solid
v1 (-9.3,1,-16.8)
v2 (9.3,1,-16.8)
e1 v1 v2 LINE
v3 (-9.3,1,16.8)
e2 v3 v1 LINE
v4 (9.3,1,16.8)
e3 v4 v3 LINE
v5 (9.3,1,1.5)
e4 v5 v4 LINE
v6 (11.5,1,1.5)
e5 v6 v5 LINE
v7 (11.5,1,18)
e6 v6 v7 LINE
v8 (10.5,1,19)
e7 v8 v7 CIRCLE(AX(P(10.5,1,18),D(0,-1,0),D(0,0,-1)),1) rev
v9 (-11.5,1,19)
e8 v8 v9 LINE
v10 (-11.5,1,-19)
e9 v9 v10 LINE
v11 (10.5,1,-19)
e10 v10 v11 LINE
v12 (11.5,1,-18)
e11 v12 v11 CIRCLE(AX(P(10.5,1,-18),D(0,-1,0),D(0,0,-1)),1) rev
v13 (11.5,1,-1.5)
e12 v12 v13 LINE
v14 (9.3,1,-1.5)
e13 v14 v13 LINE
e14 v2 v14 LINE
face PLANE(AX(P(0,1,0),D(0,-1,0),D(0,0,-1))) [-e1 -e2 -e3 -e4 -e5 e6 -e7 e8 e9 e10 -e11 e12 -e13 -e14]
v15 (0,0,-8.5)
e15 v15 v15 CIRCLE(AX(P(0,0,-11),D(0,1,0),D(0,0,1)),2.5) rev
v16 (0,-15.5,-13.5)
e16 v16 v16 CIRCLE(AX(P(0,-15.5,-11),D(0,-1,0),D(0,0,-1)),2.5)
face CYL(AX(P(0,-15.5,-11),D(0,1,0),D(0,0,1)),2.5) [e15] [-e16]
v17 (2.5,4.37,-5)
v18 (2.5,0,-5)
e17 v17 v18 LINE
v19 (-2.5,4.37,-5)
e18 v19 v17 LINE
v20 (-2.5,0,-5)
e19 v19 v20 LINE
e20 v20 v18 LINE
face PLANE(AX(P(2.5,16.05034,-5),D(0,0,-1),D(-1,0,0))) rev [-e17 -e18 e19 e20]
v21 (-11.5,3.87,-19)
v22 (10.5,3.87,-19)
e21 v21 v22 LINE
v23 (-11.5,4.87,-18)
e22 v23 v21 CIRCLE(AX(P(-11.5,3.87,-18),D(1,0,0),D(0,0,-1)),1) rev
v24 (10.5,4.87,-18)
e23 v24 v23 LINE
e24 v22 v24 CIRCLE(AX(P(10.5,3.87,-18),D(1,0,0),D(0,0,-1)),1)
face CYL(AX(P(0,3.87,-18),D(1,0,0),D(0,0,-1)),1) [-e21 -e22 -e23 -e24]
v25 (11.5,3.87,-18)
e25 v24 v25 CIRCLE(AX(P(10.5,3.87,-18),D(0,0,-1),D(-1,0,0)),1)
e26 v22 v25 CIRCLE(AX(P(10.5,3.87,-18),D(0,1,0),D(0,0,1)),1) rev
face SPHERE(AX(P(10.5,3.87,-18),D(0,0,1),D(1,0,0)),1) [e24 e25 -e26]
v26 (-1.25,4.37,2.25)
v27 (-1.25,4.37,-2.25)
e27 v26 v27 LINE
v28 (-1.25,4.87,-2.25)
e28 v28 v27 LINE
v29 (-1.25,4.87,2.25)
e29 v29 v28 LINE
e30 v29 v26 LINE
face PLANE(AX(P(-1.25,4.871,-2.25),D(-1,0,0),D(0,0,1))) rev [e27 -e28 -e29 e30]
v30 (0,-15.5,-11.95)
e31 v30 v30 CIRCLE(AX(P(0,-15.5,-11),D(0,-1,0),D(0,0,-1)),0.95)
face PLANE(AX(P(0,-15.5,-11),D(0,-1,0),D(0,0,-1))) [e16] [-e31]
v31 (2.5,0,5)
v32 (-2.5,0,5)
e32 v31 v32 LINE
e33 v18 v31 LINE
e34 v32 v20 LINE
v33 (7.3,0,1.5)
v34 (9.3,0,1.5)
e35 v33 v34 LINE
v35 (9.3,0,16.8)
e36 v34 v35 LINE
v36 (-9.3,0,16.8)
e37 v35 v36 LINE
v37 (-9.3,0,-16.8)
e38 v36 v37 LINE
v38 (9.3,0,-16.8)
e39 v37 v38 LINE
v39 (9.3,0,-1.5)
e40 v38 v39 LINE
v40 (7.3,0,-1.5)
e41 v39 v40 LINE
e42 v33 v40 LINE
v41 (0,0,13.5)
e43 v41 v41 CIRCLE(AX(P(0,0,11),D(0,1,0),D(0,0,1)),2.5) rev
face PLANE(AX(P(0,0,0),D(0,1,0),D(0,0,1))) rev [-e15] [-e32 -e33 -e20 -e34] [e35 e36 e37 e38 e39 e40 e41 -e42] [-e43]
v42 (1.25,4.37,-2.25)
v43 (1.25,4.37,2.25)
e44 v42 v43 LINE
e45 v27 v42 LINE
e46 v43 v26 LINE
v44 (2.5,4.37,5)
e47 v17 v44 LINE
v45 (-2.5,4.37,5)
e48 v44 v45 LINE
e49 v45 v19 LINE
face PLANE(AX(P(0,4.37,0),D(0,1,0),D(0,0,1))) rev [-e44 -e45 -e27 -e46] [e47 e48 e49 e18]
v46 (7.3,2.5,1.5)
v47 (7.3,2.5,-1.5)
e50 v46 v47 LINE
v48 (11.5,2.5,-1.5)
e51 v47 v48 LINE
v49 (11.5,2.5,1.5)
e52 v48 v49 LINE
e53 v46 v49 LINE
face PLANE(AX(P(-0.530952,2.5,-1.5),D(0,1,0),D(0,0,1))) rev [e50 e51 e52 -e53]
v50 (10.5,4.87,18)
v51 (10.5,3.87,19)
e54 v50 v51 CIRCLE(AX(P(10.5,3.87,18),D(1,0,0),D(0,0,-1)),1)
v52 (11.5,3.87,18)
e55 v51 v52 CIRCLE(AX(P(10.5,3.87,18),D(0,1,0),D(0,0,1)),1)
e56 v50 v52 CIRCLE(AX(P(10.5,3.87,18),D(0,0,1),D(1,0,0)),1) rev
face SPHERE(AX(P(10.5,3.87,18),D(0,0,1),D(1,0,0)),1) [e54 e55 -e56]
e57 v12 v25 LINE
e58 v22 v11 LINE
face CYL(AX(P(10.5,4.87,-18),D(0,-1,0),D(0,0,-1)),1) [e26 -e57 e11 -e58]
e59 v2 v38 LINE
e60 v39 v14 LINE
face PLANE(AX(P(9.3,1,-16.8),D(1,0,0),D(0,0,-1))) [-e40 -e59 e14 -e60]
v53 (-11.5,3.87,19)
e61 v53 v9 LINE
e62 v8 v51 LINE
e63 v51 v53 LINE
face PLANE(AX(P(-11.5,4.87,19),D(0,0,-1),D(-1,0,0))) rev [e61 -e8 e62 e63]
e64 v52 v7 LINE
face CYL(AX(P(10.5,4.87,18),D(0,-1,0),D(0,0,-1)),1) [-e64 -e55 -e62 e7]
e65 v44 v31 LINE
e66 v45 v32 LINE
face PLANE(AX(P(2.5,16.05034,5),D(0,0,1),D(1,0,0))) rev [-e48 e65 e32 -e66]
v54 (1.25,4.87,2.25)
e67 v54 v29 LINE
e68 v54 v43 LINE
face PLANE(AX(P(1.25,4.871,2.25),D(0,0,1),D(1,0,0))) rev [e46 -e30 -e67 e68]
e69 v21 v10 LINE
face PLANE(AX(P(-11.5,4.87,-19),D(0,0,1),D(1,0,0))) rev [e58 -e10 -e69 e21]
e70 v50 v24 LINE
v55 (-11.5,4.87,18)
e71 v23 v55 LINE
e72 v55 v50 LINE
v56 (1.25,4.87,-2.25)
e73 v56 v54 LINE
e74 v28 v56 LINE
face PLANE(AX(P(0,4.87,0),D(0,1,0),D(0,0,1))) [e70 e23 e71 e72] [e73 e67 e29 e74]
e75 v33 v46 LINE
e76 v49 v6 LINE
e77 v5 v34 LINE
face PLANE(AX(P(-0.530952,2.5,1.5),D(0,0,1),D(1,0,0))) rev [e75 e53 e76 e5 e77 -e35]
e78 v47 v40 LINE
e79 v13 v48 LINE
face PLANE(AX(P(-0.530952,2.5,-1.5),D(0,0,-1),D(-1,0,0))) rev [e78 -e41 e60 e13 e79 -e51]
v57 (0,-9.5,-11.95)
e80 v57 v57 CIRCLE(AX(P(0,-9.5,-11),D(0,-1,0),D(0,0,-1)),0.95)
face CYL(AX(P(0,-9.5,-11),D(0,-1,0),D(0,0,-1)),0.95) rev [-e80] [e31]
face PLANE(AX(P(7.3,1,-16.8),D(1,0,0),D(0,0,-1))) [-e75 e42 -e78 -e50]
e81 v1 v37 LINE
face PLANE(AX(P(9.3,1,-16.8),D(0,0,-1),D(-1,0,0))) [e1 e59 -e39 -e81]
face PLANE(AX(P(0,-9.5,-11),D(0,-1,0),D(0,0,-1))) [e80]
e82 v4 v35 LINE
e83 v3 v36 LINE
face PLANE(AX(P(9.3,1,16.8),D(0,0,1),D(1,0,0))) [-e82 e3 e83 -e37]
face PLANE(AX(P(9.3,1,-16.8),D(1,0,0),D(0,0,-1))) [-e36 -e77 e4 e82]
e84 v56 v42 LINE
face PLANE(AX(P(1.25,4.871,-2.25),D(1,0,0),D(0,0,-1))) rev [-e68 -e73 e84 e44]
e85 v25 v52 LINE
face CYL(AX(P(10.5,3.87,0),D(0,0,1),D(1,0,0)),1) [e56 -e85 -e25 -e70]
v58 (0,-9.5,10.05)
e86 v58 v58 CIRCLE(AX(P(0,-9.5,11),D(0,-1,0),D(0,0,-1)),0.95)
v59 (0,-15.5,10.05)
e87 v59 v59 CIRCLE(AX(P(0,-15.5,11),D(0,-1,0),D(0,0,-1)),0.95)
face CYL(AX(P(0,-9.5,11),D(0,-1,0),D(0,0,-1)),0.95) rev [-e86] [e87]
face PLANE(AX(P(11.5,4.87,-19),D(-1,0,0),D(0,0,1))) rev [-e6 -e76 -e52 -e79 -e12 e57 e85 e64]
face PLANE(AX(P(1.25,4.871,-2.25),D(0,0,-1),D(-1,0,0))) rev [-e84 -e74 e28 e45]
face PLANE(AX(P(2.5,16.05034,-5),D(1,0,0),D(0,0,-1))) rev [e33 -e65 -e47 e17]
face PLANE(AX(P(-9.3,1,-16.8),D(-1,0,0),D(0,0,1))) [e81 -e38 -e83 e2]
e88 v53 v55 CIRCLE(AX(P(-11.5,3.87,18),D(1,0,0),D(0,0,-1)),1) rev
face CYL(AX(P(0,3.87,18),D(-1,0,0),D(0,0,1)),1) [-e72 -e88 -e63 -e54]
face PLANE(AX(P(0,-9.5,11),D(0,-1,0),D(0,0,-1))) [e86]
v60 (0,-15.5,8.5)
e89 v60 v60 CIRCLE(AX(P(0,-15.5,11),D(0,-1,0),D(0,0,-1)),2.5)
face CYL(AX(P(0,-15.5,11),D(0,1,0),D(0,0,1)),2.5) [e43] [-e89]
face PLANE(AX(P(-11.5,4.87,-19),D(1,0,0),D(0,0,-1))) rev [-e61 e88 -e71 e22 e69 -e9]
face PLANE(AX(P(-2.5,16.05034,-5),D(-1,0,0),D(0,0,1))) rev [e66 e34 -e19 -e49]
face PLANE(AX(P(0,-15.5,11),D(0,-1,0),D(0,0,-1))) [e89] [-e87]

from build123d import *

# Parameters (mm, degrees)
SKETCH1_W           = 23
SKETCH1_H           = 38
BOSS_EXTRUDE1_DEPTH = 4.87
FILLET1_R           = 1
SKETCH2_W           = 23
SKETCH2_H           = 38
SKETCH2_W_2         = 18.6
SKETCH2_H_2         = 33.6
CUT_EXTRUDE1_DEPTH  = 1
SKETCH3_W           = 5
SKETCH3_H           = 10
CUT_EXTRUDE2_DEPTH  = 4.37
CUT_EXTRUDE3_REACH  = 24.635
SKETCH4_W           = 2.5
SKETCH4_H           = 4.5
SKETCH5_R           = 2.5
BOSS_EXTRUDE2_DEPTH = 15.5
SKETCH6_R           = 0.95
CUT_EXTRUDE4_DEPTH  = 6
SKETCH7_W           = 3
SKETCH7_H           = 5
CUT_EXTRUDE5_DEPTH  = 4.2


with BuildPart() as part:
    # Sketch1 → Boss-Extrude1 (new body)
    with BuildSketch(Plane(origin=(0, 0, 0), x_dir=(1, 0, 0), z_dir=(0, 1, 0))):
        Rectangle(SKETCH1_W, SKETCH1_H)
    extrude(amount=BOSS_EXTRUDE1_DEPTH)

    # Fillet1
    fillet1_edges = [part.edges().sort_by_distance(p)[0] for p in [
        (0, 4.87, 19),
        (11.5, 4.87, 0),
        (0, 4.87, -19),
        (11.5, 2.435, 19),
        (11.5, 2.435, -19),
    ]]
    fillet(fillet1_edges, radius=FILLET1_R)

    # Sketch2 → Cut-Extrude1 (cut)
    with BuildSketch(Plane.XZ):
        Rectangle(SKETCH2_W, SKETCH2_H)
        Rectangle(SKETCH2_W_2, SKETCH2_H_2, mode=Mode.SUBTRACT)
    extrude(amount=-CUT_EXTRUDE1_DEPTH, mode=Mode.SUBTRACT)

    # Sketch3 → Cut-Extrude2 (cut)
    with BuildSketch(Plane.XZ):
        Rectangle(SKETCH3_W, SKETCH3_H)
    extrude(amount=-CUT_EXTRUDE2_DEPTH, mode=Mode.SUBTRACT)

    # Sketch4 → Cut-Extrude3 (cut, up to next)
    with BuildSketch(Plane.XZ.offset(-4.37), mode=Mode.PRIVATE) as cut_extrude3_sk1:
        Rectangle(SKETCH4_W, SKETCH4_H)
    cut_extrude3_tool1 = extrude(cut_extrude3_sk1.sketch, amount=-CUT_EXTRUDE3_REACH, mode=Mode.PRIVATE) & part.part
    add(cut_extrude3_tool1.solids().sort_by_distance((0, 4.37, 0))[0], mode=Mode.SUBTRACT)

    # Sketch5 → Boss-Extrude2 (add)
    with BuildSketch(Plane.XZ):
        with Locations(Location((0, -11, 0), (0, 0, 90))):
            Circle(SKETCH5_R)
        with Locations(Location((0, 11, 0), (0, 0, 90))):
            Circle(SKETCH5_R)
    extrude(amount=BOSS_EXTRUDE2_DEPTH)

    # Sketch6 → Cut-Extrude4 (cut)
    with BuildSketch(Plane.XZ.offset(15.5)):
        with Locations(Location((0, -11, 0), (0, 0, 270))):
            Circle(SKETCH6_R)
        with Locations(Location((0, 11, 0), (0, 0, 270))):
            Circle(SKETCH6_R)
    extrude(amount=-CUT_EXTRUDE4_DEPTH, mode=Mode.SUBTRACT)

    # Sketch7 → Cut-Extrude5 (cut)
    with BuildSketch(Plane(origin=(11.5, 0, 0), x_dir=(0, 0, -1), z_dir=(1, 0, 0))):
        Rectangle(SKETCH7_W, SKETCH7_H)
    extrude(amount=-CUT_EXTRUDE5_DEPTH, mode=Mode.SUBTRACT)


solid = part.part
